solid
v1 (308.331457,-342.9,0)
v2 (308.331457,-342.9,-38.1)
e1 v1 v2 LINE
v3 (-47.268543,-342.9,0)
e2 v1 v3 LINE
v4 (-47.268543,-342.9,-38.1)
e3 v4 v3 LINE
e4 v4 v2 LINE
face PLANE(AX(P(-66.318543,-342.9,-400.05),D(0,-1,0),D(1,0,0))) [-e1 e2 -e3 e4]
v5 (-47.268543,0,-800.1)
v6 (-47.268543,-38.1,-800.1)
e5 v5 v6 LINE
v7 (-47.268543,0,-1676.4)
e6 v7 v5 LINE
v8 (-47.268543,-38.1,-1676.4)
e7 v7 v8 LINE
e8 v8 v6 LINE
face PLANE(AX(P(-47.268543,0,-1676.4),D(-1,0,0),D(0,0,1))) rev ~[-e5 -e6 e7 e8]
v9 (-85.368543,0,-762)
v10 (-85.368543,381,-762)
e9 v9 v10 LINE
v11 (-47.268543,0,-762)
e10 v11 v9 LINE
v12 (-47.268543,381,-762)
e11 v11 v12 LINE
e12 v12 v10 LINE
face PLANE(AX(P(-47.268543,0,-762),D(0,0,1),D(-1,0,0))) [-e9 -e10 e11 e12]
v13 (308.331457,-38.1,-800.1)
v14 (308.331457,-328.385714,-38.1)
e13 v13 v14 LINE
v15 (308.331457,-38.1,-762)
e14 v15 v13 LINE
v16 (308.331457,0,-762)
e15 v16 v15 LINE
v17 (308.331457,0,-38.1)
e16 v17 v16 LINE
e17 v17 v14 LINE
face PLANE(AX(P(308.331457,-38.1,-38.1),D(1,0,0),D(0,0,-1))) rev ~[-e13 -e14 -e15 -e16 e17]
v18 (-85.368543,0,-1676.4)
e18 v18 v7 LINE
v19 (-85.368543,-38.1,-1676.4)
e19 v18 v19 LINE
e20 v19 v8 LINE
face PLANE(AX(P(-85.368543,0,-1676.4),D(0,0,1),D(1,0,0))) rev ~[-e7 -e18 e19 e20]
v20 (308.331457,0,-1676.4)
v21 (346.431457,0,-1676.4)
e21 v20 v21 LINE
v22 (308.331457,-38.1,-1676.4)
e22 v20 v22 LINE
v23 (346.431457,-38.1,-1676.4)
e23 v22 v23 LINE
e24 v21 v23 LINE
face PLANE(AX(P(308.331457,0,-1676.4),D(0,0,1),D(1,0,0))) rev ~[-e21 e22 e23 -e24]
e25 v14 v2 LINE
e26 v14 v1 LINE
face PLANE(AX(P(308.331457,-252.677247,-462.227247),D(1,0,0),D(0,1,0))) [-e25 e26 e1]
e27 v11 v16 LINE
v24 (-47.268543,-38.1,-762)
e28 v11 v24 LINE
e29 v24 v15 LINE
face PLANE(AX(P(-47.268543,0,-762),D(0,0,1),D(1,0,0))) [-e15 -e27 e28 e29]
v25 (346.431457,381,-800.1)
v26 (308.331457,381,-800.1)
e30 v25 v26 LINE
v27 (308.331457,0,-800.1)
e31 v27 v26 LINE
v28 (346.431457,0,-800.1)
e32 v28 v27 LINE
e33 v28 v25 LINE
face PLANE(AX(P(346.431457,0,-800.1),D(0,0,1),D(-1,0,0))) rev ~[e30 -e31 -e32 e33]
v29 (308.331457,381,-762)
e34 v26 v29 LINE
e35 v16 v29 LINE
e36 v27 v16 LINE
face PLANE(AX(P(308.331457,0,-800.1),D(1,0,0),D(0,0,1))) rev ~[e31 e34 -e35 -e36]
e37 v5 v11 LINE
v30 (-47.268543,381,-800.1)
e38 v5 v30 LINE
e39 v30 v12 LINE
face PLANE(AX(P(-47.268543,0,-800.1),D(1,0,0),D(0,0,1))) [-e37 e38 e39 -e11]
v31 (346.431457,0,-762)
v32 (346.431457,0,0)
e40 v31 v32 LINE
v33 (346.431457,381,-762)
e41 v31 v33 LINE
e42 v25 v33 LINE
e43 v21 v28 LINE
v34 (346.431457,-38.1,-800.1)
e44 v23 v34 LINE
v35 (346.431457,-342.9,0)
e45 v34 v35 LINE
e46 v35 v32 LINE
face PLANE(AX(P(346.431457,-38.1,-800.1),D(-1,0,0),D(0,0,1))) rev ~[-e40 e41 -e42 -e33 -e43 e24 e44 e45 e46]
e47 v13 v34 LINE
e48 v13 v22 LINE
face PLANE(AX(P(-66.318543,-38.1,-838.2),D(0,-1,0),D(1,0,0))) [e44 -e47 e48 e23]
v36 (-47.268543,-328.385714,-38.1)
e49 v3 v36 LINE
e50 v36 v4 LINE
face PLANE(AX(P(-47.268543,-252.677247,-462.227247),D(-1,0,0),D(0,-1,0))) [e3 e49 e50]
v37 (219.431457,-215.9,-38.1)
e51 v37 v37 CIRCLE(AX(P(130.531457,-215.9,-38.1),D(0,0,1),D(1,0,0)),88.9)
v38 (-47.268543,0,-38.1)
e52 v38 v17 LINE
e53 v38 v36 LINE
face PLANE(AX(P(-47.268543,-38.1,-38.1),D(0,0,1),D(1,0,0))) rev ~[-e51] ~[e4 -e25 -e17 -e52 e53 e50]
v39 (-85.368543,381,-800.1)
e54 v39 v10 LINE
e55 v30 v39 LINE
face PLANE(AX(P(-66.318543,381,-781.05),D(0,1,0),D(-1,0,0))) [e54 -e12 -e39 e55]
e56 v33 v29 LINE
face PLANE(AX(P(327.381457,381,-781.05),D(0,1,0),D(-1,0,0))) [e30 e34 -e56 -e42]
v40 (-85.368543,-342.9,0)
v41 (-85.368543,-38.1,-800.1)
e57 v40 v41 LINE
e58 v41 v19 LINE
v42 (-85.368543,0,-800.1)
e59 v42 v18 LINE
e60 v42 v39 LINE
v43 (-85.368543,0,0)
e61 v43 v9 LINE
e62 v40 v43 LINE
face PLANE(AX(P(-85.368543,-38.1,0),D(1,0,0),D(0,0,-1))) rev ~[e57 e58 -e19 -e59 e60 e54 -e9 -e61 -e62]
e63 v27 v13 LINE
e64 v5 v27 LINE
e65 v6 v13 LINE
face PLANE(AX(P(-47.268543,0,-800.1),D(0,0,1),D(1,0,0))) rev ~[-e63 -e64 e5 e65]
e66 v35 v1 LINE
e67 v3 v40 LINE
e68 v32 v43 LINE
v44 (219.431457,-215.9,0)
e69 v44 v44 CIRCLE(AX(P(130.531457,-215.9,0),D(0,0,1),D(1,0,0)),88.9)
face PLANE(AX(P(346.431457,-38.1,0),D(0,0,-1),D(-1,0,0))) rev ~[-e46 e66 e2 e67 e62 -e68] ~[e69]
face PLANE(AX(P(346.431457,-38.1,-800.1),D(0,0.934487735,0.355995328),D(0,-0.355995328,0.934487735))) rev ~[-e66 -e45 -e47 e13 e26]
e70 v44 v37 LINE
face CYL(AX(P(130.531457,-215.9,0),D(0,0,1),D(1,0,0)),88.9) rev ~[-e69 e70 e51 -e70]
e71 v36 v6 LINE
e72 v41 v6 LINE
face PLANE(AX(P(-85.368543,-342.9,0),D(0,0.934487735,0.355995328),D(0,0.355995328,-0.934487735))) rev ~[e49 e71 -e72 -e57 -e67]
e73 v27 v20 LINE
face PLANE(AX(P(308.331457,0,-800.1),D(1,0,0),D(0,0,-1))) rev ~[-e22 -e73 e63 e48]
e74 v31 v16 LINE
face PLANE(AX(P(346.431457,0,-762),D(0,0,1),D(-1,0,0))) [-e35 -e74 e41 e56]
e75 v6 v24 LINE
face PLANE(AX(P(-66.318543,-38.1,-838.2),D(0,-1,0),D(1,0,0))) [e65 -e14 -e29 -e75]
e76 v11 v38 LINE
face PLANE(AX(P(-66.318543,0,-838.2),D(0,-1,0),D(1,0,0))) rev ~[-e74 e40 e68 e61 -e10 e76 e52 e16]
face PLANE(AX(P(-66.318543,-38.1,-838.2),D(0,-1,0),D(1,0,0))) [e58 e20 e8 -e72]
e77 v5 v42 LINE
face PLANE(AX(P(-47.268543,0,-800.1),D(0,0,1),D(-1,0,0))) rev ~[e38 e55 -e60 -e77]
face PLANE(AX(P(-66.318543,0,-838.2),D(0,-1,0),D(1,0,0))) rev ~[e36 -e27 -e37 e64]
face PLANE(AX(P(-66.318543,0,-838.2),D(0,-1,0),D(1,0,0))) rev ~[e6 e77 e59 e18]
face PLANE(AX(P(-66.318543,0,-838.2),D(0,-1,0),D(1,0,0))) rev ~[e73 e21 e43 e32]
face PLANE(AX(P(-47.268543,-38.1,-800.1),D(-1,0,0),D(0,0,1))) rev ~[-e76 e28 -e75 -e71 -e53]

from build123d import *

# Parameters (mm, degrees)
F0_W      = 355.6
F0_H      = 38.1
F1_DEPTH  = 38.1
F2_W      = 38.1
F2_H      = 38.1
F3_DEPTH  = 381
F4_W      = 355.6
F4_H      = 38.1
F5_DEPTH  = 304.8
F7_DEPTH  = 38.1
F9_DEPTH  = 38.1
F10_R     = 88.9
F11_DEPTH = 38.1


with BuildPart() as f1:
    # F0 (on Front) → F1 (new body)
    with BuildSketch(Plane.XZ):
        Polygon((-47.268543, 0), (-85.368543, 0), (-85.368543, -1676.4), (-47.268543, -1676.4), (-47.268543, -800.1), (-47.268543, -762), (-47.268543, -38.1), align=None)
        with Locations((130.531457, -19.05)):
            Rectangle(F0_W, F0_H)
        Polygon((346.431457, 0), (308.331457, 0), (308.331457, -38.1), (308.331457, -762), (308.331457, -800.1), (308.331457, -1676.4), (346.431457, -1676.4), align=None)
        with Locations((130.531457, -781.05)):
            Rectangle(F0_W, F0_H)
    extrude(amount=F1_DEPTH)

    # F2 (on face) → F3 (join)
    with BuildSketch(Plane(origin=(0, 0, 0), x_dir=(-1, 0, 0), z_dir=(0, 1, 0))):
        with Locations((-327.381457, -781.05)):
            Rectangle(F2_W, F2_H)
        with Locations((66.318543, -781.05)):
            Rectangle(F2_W, F2_H)
    extrude(amount=F3_DEPTH)

    # F4 (on face) → F5 (join)
    with BuildSketch(Plane.XZ.offset(38.1)):
        Polygon((-47.268543, 0), (-85.368543, 0), (-85.368543, -800.1), (-47.268543, -800.1), (-47.268543, -38.1), align=None)
        with Locations((130.531457, -19.05)):
            Rectangle(F4_W, F4_H)
        Polygon((346.431457, 0), (308.331457, 0), (308.331457, -38.1), (308.331457, -800.1), (346.431457, -800.1), align=None)
    extrude(amount=F5_DEPTH)

    # F6 (on face) → F7 (cut)
    with BuildSketch(Plane(origin=(-85.368543, 0, 0), x_dir=(0, -1, 0), z_dir=(-1, 0, 0))):
        Polygon((342.9, 0), (38.1, -800.1), (342.9, -800.1), align=None)
    extrude(amount=-F7_DEPTH, mode=Mode.SUBTRACT)

    # F8 (on face) → F9 (cut)
    with BuildSketch(Plane.YZ.offset(346.431457)):
        Polygon((-342.9, -800.1), (-38.1, -800.1), (-342.9, 0), align=None)
    extrude(amount=-F9_DEPTH, mode=Mode.SUBTRACT)

    # F10 (on face) → F11 (cut)
    with BuildSketch(Plane.XY):
        with Locations((130.531457, -215.9)):
            Circle(F10_R)
    extrude(amount=-F11_DEPTH, mode=Mode.SUBTRACT)


solid = f1.part
